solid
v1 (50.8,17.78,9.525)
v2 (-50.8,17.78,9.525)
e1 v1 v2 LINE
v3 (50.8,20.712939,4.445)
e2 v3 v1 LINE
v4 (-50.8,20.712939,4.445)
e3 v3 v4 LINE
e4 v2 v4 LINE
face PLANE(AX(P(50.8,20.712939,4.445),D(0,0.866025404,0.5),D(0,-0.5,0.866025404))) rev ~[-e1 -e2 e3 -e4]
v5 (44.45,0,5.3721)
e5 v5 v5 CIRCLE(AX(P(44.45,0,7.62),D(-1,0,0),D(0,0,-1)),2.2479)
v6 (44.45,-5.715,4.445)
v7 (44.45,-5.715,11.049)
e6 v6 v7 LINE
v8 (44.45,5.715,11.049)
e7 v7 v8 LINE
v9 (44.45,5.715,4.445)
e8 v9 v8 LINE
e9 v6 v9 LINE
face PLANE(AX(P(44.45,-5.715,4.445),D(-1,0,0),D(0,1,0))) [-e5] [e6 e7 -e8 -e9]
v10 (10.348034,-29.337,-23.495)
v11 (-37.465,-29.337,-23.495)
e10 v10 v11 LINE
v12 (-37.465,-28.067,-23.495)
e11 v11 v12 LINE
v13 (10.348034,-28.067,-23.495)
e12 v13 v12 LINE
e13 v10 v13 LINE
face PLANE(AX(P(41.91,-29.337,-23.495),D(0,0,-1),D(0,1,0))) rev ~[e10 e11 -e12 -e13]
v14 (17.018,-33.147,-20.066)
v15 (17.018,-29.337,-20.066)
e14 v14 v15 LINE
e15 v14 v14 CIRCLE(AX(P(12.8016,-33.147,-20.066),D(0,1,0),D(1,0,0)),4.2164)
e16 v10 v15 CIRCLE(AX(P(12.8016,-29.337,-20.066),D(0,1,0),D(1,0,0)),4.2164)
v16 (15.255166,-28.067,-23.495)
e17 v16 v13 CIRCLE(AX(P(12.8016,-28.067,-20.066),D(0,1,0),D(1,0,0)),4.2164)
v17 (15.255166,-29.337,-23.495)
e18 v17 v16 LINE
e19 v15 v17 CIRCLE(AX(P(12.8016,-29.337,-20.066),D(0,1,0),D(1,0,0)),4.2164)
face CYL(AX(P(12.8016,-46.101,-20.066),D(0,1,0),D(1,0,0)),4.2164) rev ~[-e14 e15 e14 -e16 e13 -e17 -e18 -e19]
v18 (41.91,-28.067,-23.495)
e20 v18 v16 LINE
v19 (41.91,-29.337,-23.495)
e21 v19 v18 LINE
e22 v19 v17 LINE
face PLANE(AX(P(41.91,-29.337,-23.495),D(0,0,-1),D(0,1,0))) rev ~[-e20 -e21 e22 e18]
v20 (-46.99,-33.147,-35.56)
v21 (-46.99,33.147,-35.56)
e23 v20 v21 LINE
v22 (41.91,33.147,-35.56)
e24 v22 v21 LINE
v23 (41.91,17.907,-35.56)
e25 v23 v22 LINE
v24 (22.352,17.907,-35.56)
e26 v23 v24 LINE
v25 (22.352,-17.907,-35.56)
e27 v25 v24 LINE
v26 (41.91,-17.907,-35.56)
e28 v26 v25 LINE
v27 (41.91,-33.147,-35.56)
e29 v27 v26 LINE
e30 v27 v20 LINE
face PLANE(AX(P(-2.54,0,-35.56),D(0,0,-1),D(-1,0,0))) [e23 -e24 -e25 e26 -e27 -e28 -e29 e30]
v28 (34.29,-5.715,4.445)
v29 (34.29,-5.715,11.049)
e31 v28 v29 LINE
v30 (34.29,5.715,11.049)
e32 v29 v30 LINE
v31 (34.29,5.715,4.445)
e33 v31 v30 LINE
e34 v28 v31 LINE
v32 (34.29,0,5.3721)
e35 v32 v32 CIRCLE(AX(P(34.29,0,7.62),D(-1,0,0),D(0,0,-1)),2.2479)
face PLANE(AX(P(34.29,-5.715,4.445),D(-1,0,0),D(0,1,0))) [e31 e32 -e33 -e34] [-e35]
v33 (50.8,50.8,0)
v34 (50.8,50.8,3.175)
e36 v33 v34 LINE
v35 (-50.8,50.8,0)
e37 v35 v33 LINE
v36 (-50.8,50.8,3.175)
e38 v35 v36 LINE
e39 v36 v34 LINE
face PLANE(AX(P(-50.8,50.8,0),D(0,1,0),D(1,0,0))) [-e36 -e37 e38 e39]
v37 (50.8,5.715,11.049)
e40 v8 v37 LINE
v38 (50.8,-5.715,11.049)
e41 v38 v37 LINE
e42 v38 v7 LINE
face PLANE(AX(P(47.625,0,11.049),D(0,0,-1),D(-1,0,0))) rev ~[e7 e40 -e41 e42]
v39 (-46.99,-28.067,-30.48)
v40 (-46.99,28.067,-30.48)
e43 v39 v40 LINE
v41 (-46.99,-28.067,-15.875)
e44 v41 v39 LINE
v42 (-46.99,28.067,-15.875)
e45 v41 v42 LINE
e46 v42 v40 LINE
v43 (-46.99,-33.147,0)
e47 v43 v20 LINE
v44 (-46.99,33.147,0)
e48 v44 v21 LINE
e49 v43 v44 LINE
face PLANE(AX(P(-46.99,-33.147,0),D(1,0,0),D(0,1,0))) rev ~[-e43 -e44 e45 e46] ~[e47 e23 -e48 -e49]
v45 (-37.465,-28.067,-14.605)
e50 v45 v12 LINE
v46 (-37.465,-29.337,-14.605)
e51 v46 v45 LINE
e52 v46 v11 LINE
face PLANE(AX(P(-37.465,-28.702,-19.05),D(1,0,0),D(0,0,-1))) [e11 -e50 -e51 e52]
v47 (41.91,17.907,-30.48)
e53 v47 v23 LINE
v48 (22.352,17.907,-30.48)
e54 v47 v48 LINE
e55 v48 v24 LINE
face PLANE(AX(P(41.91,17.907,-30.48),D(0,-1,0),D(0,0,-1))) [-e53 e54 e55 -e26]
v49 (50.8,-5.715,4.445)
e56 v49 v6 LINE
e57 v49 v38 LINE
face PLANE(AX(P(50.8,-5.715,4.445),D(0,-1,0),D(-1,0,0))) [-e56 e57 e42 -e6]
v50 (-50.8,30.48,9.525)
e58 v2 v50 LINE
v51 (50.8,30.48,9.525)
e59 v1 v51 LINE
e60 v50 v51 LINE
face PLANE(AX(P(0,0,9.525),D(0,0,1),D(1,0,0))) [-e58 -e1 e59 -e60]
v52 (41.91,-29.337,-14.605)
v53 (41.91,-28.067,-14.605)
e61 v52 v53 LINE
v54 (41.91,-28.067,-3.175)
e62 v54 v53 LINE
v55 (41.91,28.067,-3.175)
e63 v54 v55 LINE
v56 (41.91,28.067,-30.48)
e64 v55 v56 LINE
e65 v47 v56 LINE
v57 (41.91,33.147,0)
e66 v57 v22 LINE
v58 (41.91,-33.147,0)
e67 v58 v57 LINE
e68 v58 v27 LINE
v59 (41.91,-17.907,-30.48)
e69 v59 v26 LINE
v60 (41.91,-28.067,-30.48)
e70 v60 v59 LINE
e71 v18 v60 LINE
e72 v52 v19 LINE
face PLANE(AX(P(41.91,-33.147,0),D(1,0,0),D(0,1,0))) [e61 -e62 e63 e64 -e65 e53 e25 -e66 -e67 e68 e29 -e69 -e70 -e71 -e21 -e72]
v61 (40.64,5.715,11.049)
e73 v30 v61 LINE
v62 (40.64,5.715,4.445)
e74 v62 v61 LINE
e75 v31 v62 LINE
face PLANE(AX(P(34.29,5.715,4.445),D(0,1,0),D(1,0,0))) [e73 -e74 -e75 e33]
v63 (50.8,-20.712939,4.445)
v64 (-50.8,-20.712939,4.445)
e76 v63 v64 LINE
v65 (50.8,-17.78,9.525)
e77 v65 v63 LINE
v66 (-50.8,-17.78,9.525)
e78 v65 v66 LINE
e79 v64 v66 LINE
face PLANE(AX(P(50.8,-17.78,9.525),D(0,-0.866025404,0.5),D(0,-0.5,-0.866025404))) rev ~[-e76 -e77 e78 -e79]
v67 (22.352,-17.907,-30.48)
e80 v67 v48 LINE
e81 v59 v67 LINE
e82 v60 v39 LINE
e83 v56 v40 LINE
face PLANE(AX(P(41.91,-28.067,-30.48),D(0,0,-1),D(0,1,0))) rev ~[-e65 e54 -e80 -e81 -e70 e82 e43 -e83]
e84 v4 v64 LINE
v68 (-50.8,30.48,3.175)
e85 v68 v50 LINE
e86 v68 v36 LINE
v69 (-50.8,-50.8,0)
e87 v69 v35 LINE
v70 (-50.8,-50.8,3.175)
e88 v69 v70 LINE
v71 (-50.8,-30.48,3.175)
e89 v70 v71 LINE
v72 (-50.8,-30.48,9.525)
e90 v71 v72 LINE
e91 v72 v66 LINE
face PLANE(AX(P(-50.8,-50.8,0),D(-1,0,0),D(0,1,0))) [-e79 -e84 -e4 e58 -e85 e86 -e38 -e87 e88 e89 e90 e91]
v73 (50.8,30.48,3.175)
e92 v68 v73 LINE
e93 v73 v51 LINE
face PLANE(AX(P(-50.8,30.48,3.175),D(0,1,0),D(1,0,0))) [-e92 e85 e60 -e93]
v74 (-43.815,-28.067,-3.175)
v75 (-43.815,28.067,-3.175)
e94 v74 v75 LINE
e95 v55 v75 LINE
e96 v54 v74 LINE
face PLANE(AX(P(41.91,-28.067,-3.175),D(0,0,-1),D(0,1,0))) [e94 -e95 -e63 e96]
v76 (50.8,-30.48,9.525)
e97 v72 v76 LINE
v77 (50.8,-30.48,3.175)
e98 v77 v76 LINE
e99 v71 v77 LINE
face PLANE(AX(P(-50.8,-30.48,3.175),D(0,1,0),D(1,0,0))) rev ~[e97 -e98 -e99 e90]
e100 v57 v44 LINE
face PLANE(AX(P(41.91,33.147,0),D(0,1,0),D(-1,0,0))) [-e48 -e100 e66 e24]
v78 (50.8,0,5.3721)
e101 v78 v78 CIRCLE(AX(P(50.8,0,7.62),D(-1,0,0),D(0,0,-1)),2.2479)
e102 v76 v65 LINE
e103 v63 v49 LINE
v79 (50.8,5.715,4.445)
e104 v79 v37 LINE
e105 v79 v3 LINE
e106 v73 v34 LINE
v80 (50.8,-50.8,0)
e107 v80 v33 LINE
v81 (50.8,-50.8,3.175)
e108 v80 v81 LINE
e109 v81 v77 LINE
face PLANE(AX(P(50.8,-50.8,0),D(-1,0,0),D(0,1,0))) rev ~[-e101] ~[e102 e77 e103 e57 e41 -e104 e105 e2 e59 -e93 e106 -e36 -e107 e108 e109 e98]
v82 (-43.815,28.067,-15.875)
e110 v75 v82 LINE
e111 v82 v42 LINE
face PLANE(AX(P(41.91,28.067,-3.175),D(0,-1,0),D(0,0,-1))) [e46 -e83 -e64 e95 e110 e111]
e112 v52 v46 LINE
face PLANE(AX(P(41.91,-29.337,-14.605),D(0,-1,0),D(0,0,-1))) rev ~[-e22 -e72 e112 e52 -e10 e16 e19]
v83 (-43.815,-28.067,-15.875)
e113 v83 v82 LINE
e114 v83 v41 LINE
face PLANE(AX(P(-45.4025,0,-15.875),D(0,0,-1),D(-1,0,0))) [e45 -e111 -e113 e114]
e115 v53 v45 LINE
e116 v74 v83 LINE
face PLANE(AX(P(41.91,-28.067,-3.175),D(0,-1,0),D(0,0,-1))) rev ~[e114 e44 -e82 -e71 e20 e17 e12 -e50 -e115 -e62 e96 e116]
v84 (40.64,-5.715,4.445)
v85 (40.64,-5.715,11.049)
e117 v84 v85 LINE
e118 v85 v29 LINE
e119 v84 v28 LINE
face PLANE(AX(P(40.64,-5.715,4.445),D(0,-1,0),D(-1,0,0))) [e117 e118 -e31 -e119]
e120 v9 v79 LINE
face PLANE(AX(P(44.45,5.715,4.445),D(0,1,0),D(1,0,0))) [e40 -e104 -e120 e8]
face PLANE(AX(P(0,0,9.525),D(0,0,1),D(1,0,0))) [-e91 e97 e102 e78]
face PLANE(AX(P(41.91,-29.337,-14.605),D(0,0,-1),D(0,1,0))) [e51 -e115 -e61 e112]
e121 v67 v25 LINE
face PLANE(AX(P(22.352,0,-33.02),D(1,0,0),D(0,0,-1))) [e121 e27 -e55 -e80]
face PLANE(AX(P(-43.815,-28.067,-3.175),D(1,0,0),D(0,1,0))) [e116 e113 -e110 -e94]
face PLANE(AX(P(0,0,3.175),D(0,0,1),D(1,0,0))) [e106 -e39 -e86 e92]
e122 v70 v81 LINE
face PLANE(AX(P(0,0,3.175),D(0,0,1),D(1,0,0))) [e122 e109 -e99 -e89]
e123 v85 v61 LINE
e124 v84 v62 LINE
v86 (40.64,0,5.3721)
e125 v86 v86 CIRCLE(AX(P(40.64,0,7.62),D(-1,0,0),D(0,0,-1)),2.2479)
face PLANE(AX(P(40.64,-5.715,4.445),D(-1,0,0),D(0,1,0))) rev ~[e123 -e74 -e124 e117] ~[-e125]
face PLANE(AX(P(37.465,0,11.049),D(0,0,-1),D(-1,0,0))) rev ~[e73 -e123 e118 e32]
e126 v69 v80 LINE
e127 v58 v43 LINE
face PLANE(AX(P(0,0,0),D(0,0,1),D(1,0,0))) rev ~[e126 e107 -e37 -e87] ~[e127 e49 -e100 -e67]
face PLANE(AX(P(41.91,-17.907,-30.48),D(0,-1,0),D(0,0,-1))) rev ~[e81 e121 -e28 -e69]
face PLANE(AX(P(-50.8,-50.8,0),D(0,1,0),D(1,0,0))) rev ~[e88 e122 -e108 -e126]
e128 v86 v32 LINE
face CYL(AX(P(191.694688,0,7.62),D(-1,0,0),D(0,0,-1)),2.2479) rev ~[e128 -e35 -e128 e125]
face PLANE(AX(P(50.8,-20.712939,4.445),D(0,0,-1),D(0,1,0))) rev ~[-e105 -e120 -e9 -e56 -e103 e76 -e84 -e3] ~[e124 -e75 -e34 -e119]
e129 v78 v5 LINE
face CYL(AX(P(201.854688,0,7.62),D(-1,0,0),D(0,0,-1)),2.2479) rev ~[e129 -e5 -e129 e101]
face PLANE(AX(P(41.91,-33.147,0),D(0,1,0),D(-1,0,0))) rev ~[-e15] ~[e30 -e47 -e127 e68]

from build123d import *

# Parameters (mm, degrees)
SKETCH1_W                    = 101.6
SKETCH1_H                    = 101.6
EXTRUDE1_DEPTH               = 3.175
SKETCH2_W                    = 101.6
SKETCH2_H                    = 60.96
EXTRUDE2_DEPTH               = 6.35
EXTRUDE3_DEPTH               = 114.990901501
SKETCH4_W                    = 88.9
SKETCH4_H                    = 66.294
EXTRUDE4_DEPTH               = 35.56
SKETCH5_W                    = 27.305
SKETCH5_H                    = 56.134
EXTRUDE5_DEPTH               = 112.536082502
SKETCH6_W                    = 3.175
SKETCH6_H                    = 56.134
EXTRUDE6_DEPTH               = 12.7
SKETCH7_W                    = 8.89
SKETCH7_H                    = 1.27
EXTRUDE7_DEPTH               = 79.375
SKETCH8_W                    = 5.08
SKETCH8_H                    = 35.814
EXTRUDE8_DEPTH               = 19.558
F_5_16_CLEARANCE_HOLE1_D     = 8.4328
F_5_16_CLEARANCE_HOLE1_DEPTH = 12.954
F_5_16_CLEARANCE_HOLE1_TIP   = 2.533468714
EXTRUDE9_DEPTH               = 6.604
F_8_CLEARANCE_HOLE1_D        = 4.4958
LPATTERN1_COUNT              = 2
LPATTERN1_PITCH              = 10.16


with BuildPart() as part:
    # Sketch1 → Extrude1 (new body)
    with BuildSketch(Plane.XY):
        Rectangle(SKETCH1_W, SKETCH1_H)
    extrude(amount=EXTRUDE1_DEPTH)

    # Sketch2 → Extrude2 (add)
    with BuildSketch(Plane.XY.offset(3.175)):
        Rectangle(SKETCH2_W, SKETCH2_H)
    extrude(amount=EXTRUDE2_DEPTH)

    # Sketch3 → Extrude3 (cut, through all)
    with BuildSketch(Plane(origin=(50.8, 0, 0), x_dir=(0, 0, -1), z_dir=(1, 0, 0))):
        Polygon((-9.525, -17.78), (-4.445, -20.712939367), (-4.445, 20.712939367), (-9.525, 17.78), align=None)
    extrude(amount=-EXTRUDE3_DEPTH, mode=Mode.SUBTRACT)

    # Sketch4 → Extrude4 (add)
    with BuildSketch(Plane(origin=(0, 0, 0), x_dir=(-1, 0, 0), z_dir=(0, 0, -1))):
        with Locations((2.54, 0)):
            Rectangle(SKETCH4_W, SKETCH4_H)
    extrude(amount=EXTRUDE4_DEPTH)

    # Sketch5 → Extrude5 (cut, through all)
    with BuildSketch(Plane(origin=(41.91, 0, 0), x_dir=(0, 0, -1), z_dir=(1, 0, 0))):
        with Locations((16.8275, 0)):
            Rectangle(SKETCH5_W, SKETCH5_H)
    extrude(amount=-EXTRUDE5_DEPTH, mode=Mode.SUBTRACT)

    # Sketch6 → Extrude6 (add)
    with BuildSketch(Plane(origin=(0, 0, -3.175), x_dir=(-1, 0, 0), z_dir=(0, 0, -1))):
        with Locations((45.4025, 0)):
            Rectangle(SKETCH6_W, SKETCH6_H)
    extrude(amount=EXTRUDE6_DEPTH)

    # Sketch7 → Extrude7 (cut)
    with BuildSketch(Plane(origin=(41.91, 0, 0), x_dir=(0, 0, -1), z_dir=(1, 0, 0))):
        with Locations((19.05, -28.702)):
            Rectangle(SKETCH7_W, SKETCH7_H)
    extrude(amount=-EXTRUDE7_DEPTH, mode=Mode.SUBTRACT)

    # Sketch8 → Extrude8 (cut)
    with BuildSketch(Plane(origin=(41.91, 0, 0), x_dir=(0, 0, -1), z_dir=(1, 0, 0))):
        with Locations((33.02, 0)):
            Rectangle(SKETCH8_W, SKETCH8_H)
    extrude(amount=-EXTRUDE8_DEPTH, mode=Mode.SUBTRACT)

    # 5/16 Clearance Hole1
    with Locations(Plane(origin=(12.8016, -33.147, -20.066), x_dir=(-1, 0, 0), z_dir=(0, -1, 0))):
        with Locations((0, 0)):
            Hole(F_5_16_CLEARANCE_HOLE1_D / 2, depth=F_5_16_CLEARANCE_HOLE1_DEPTH)
            with Locations((0, 0, -(F_5_16_CLEARANCE_HOLE1_DEPTH + F_5_16_CLEARANCE_HOLE1_TIP / 2))):  # 118° drill point
                Cone(0, F_5_16_CLEARANCE_HOLE1_D / 2, F_5_16_CLEARANCE_HOLE1_TIP, mode=Mode.SUBTRACT)

    # Sketch11 → Extrude9 (add)
    with BuildSketch(Plane.XY.offset(4.445)):
        Polygon((50.8, 0), (50.8, -5.715), (44.45, -5.715), (44.45, 5.715), (50.8, 5.715), align=None)
    extrude9 = extrude(amount=EXTRUDE9_DEPTH)

    # #8 Clearance Hole1 (through all)
    with Locations(Plane(origin=(50.8, 0, 7.62), x_dir=(0, 0, 1), z_dir=(1, 0, 0))):
        with Locations((0, 0)):
            f_8_clearance_hole1 = Hole(F_8_CLEARANCE_HOLE1_D / 2)

    # LPattern1: Extrude9, #8 Clearance Hole1 ×2
    with Locations(*[(-i * LPATTERN1_PITCH, 0, 0) for i in range(1, LPATTERN1_COUNT)]):
        add(extrude9)
        add(f_8_clearance_hole1, mode=Mode.SUBTRACT)


solid = part.part
